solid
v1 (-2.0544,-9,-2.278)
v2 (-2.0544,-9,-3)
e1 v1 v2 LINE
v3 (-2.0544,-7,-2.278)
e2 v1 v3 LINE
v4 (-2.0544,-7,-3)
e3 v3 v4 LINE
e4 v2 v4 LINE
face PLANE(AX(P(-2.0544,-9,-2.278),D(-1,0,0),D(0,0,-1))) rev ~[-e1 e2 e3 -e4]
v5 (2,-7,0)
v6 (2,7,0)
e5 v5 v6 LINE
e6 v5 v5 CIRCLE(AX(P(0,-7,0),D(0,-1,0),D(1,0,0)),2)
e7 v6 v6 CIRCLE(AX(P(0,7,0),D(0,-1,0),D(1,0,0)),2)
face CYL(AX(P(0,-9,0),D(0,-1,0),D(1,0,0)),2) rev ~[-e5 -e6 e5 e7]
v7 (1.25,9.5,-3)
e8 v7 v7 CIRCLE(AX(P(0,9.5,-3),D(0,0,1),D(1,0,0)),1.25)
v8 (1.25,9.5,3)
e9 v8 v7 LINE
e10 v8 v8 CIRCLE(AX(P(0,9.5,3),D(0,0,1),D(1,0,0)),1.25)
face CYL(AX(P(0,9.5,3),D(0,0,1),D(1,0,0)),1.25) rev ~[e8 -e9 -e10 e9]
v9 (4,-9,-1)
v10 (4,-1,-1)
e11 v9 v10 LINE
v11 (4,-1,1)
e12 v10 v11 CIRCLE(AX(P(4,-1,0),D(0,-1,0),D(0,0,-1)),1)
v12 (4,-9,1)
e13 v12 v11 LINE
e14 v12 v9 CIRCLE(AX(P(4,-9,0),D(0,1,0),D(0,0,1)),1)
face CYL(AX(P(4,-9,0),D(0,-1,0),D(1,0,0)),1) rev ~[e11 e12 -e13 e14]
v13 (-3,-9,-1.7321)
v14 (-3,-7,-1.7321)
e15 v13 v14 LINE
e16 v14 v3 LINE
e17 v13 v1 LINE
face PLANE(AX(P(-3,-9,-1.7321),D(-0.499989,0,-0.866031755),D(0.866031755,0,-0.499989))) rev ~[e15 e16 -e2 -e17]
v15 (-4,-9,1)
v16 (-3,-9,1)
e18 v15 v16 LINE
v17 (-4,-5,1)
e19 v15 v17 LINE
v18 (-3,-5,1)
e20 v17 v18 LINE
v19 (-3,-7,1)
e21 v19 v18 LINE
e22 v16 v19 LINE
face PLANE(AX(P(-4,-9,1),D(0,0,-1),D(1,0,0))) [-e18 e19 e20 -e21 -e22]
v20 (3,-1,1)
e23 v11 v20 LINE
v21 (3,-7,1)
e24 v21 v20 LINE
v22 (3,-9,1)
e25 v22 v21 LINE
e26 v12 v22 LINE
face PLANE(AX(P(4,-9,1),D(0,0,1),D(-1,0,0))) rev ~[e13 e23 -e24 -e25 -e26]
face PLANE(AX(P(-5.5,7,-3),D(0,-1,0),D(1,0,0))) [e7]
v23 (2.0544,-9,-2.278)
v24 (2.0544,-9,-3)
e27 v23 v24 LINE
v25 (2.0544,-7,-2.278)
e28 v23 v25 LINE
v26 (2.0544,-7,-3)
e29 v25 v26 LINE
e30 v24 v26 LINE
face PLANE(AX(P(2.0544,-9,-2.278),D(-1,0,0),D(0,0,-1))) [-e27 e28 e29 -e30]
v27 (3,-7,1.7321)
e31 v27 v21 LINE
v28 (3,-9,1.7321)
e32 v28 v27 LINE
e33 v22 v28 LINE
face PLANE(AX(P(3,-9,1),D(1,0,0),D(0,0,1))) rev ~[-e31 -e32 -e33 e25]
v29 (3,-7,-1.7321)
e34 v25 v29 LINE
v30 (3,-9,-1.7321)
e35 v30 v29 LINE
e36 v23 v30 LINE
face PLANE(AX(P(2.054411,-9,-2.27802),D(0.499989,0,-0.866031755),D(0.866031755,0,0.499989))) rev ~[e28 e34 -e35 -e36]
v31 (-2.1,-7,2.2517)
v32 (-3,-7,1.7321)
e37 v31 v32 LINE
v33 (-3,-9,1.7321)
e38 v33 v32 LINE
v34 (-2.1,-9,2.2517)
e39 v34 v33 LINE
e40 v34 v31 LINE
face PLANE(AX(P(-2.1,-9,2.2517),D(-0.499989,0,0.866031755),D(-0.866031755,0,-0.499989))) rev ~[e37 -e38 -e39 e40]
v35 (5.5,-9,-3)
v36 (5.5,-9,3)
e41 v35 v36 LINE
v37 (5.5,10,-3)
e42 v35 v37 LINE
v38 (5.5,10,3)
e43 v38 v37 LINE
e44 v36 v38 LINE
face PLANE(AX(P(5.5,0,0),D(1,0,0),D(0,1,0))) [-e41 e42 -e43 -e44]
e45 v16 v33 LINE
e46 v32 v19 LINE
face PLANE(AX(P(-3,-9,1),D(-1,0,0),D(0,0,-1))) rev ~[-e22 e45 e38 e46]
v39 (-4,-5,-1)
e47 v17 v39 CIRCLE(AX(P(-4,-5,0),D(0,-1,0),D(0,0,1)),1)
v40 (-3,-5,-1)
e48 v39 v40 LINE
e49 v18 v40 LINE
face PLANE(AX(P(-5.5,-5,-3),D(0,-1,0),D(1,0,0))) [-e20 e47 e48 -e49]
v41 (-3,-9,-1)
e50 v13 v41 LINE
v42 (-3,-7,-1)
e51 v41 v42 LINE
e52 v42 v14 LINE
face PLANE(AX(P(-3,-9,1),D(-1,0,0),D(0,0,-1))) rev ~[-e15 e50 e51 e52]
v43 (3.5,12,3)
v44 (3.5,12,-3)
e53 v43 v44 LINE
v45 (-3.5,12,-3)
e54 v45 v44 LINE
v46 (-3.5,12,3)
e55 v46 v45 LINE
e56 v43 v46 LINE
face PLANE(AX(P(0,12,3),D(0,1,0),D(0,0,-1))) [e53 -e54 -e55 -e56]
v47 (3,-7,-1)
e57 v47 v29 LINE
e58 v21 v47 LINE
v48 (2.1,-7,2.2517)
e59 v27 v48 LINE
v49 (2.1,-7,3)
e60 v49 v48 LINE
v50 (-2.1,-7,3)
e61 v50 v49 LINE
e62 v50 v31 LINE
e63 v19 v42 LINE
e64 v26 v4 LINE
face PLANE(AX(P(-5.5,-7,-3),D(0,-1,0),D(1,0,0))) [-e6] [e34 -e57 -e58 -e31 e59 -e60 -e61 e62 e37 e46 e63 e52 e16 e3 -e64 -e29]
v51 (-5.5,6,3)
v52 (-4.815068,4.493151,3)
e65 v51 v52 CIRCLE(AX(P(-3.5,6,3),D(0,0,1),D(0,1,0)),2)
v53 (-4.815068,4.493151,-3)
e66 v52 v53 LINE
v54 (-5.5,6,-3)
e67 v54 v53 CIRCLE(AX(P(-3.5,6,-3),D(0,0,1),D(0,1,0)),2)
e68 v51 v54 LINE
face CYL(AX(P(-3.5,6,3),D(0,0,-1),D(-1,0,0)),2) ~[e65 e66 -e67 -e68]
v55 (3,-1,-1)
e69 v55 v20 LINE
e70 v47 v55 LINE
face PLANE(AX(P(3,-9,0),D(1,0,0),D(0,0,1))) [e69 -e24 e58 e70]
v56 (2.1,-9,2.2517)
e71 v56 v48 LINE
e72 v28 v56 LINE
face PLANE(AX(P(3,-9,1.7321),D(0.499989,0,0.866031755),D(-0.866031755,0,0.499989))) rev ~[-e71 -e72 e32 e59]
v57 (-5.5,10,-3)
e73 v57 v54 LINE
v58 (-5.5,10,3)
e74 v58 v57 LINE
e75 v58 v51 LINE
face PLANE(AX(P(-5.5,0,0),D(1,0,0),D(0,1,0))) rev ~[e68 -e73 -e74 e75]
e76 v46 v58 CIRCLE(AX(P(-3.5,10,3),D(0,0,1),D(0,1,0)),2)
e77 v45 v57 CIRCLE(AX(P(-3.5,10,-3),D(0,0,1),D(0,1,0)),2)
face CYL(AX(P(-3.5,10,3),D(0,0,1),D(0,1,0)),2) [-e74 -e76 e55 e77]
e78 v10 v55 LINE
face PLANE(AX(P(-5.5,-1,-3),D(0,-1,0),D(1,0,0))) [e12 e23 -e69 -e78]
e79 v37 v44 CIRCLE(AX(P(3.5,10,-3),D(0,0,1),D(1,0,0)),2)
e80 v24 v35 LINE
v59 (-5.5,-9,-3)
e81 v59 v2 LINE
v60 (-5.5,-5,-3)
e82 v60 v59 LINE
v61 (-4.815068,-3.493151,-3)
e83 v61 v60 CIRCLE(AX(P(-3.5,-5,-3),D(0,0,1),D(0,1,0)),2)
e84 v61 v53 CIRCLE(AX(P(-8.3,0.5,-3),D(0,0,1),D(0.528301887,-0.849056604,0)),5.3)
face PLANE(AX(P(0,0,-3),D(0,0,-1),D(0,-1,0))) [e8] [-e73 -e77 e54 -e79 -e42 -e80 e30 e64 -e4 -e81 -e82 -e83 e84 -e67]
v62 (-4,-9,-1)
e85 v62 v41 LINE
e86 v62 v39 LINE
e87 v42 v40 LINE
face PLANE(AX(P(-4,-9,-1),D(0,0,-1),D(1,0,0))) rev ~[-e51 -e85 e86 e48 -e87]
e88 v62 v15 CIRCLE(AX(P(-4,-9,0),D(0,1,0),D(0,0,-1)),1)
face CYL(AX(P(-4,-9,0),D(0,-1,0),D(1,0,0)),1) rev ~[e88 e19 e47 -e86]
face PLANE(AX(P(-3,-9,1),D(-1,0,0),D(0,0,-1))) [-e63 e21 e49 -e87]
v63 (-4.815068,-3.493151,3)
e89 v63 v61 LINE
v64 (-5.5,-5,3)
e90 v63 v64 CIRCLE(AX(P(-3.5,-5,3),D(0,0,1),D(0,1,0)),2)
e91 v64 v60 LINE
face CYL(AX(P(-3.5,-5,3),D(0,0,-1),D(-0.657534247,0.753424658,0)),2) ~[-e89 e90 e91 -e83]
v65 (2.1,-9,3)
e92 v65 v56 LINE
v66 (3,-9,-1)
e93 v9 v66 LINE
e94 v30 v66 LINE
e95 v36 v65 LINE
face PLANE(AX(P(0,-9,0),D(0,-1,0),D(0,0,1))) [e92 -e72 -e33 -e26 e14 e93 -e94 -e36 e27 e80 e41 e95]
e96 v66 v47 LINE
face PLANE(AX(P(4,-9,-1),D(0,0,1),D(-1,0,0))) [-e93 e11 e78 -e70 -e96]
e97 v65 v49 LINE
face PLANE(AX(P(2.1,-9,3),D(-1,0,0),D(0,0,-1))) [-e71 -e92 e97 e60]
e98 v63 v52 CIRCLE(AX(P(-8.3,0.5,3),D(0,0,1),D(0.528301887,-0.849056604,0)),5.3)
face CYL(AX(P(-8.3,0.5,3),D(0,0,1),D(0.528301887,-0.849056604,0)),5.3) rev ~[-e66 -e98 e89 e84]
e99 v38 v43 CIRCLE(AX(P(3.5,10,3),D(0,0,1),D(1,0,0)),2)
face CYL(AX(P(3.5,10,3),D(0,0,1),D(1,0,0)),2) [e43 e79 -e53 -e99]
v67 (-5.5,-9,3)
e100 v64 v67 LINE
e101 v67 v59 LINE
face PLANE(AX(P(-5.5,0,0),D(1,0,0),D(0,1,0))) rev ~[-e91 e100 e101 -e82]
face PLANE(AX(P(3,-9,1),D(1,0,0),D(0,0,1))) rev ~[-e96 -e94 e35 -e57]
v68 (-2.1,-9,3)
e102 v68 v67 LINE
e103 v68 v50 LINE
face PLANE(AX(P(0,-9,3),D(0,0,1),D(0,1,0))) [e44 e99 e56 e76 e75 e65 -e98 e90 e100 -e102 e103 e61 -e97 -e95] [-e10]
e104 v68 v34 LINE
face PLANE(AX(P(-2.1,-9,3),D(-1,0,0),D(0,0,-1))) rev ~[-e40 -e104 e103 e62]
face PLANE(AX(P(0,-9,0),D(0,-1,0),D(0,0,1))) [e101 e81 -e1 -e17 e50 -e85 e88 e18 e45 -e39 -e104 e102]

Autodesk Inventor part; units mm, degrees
ref_plane "plane_support" through (-5.5, -8, -3) normal (0, -1, 0) x (1, 0, 0)
ref_plane "YZ Plane" through (0, 0, 0) normal (1, 0, 0) x (0, 1, 0)
ref_plane "XZ Plane" through (0, 0, 0) normal (0, 1, 0) x (-1, 0, 0)
sketch "Sketch14" plane through (0, 0, 0) normal (1, 0, 0) x (0, 1, 0)
  line L0 (-13.2, 0) -> (16.2, 0) projected
  line L1 (0, -4.2) -> (0, 4.2) projected
  line L2 (9, -3) -> (-9, -3)
  line L3 (-9, -3) -> (-9, 3)
  line L4 (-9, 3) -> (9, 3)
  line L5 (9, 3) -> (9, -3) construction
  line L6 (9, -3) -> (-9, 3) construction
  line L7 (-9, -3) -> (9, 3) construction
  line L8 (5.5, 3) -> (5.5, -3) construction
  line L9 (-6.5, 3) -> (-6.5, -3) construction
  arc A0 (9, -3) -> (9, 3) centre (9, 0) ccw
  circle A1 centre (9, 0) radius 1.25
  circle A2 centre (9, 0) radius 3 construction
  line L10 (6, 3) -> (6, -3) construction
  line L11 (12, -3) -> (9, -3)
  line L12 (9, -3) -> (9, 3)
  line L13 (9, 3) -> (12, 3)
  line L14 (12, 3) -> (12, -3)
  line L15 (12, -3) -> (9, 3) construction
  line L16 (9, -3) -> (12, 3) construction
  point P0 (0, 0)
  point P1 (0, 0)
  point P2 (10.5, 0)
  dimension "d72" = 6
  dimension "d73" = 12
  dimension "d74" = 2.5
  dimension "d75" = 2.5
  dimension "d76" = 0.5
extrude "ext_main" add sketch "Sketch14" along normal mid plane 11
sketch "sk_channel_nut" plane through (-5.5, -9, -3) normal (0, -1, 0) x (1, 0, 0)
  line L0 (-2.2, 3) -> (13.2, 3) projected
  line L1 (5.5, -1.8497) -> (5.5, 7.8497) projected
  circle A0 centre (5.5, 3) radius 2
  line L2 (5.5, 6.4641) -> (2.5, 4.7321)
  line L3 (2.5, 4.7321) -> (2.5, 1.2679)
  line L4 (2.5, 1.2679) -> (5.5, -0.4641)
  line L5 (5.5, -0.4641) -> (8.5, 1.2679)
  line L6 (8.5, 1.2679) -> (8.5, 4.7321)
  line L7 (8.5, 4.7321) -> (5.5, 6.4641)
  circle A1 centre (1.5, 3) radius 1
  circle A2 centre (9.5, 3) radius 1
  line L8 (1.5, 4) -> (2.5, 4)
  line L9 (1.5, 2) -> (2.5, 2)
  line L10 (9.5, 4) -> (8.5, 4)
  line L11 (9.5, 2) -> (8.5, 2)
  line L12 (11, 0) -> (0, 0) projected
  line L13 (11, 6) -> (0, 6) projected
  line L14 (0, 0) -> (0, 6) projected
  line L15 (3.4, 6) -> (3.4, 5.2517)
  line L16 (3.4456, 0.722) -> (3.4456, 0)
  line L17 (7.5544, 0.722) -> (7.5544, 0)
  line L18 (7.6, 6) -> (7.6, 5.2517)
  point P0 (5.5, 3)
  point P1 (2.5, 3)
  dimension "d85" = 4
  dimension "d86" = 120
  dimension "d87" = 6
  dimension "d88" = 2
  dimension "d95" = 4.2
extrude "ext_cut_bottomscrews" cut sketch "sk_channel_nut" against normal blind 8 contours A2 L0 | A2 L11 L6 | L6 L10 A2 | L0 A2
extrude "ext_cut_bottom_nut" cut sketch "sk_channel_nut" against normal blind 2 contours L3 L2 L13 L1 A0 L0 | L0 A0 L1 L12 L4 L3 | L16 L4 L12 | L13 L2 L15 | A0 L1 L0 | L0 L1 A0 | L12 L1 L4 | L2 L1 L13 | L1 A0 L0 | L0 A0 L1 | L1 L13 L7 L6 L0 A0 | A0 L0 L6 L5 L12 L1 | L1 L12 L5 | L7 L13 L1 | L5 L17 L12 | L13 L18 L7
sketch "Sketch21" plane through (-5.5, 12, 3) normal (0, 0, 1) x (1, 0, 0)
  line L0 (11, 0) -> (11, -21) projected
  line L1 (0, 0) -> (11, 0) projected
  line L2 (0, -21) -> (0, 0) projected
  line L3 (3.4, -19) -> (7.6, -19) projected
  line L4 (5.5, 0) -> (5.5, -2.5815) construction
  arc A0 (2, 0) -> (0, -2) centre (2, -2) ccw
  arc A1 (11, -2) -> (9, 0) centre (9, -2) ccw
  circle A2 centre (5.5, -2.5) radius 1.25
  point P0 (5.5, -12)
  point P1 (5.5, -1.25)
  dimension "d106" = 2.5
  dimension "d105" = 2
  dimension "d107" = 1.25
extrude "ext_cut_fronthole" cut sketch "Sketch21" against normal through all
extrude "ext_cut_channel" cut sketch "sk_channel_nut" against normal blind 16 contours A0 L1 L0 | L0 L1 A0 | L1 A0 L0 | L0 A0 L1
extrude "ext_cut_shortscrew" cut sketch "sk_channel_nut" against normal blind 4 contours A1 L0 | L0 A1 | A1 L8 L3 | L3 L9 A1
sketch "Sketch22" plane through (-2.1, -7, 3) normal (0, 0, 1) x (1, 0, 0)
  line L0 (-3.4, -2) -> (-3.4, 17) projected
  line L1 (0, -2) -> (-3.4, -2) projected
  line L2 (-3.4, 12) -> (-3.4, 3)
  arc A0 (-3.4, 3) -> (-3.4, 12) centre (-6.2, 7.5) ccw
  line L3 (-3.4, 7.5) -> (-0.9, 7.5) construction
  point P0 (2.1, 7)
  dimension "d112" = 5
  dimension "d113" = 9
  dimension "d119" = 2.5
extrude "ext_cut_cutway" cut sketch "Sketch22" against normal through all
fillet "Fillet1" radius 2 2 edges at (-5.5, 5, 0) (-5.5, -4, 0)
sketch "Sketch19" plane through (-5.5, -8, -3) normal (0, -1, 0) x (1, 0, 0)
  line L0 (3.4, 6) -> (7.6, 6) projected
  line L1 (3.4, 5.2517) -> (3.4, 6) projected
  line L2 (2.5, 4.7321) -> (3.4, 5.2517) projected
  line L3 (2.5, 1.2679) -> (2.5, 2) projected
  line L4 (3.4456, 0.722) -> (2.5, 1.2679) projected
  line L5 (3.4456, 0) -> (3.4456, 0.722) projected
  line L6 (7.5544, 0) -> (3.4456, 0) projected
  line L7 (7.5544, 0.722) -> (7.5544, 0) projected
  line L8 (8.5, 1.2679) -> (7.5544, 0.722) projected
  line L9 (8.5, 2) -> (8.5, 1.2679) projected
  line L10 (8.5, 4) -> (8.5, 2) projected
  line L11 (8.5, 4.7321) -> (8.5, 4) projected
  line L12 (7.6, 5.2517) -> (8.5, 4.7321) projected
  line L13 (7.6, 6) -> (7.6, 5.2517) projected
  circle A0 centre (5.5, 3) radius 2 projected
  line L14 (3.8, 5.675) -> (7.275, 5.675) construction
  line L15 (7.275, 5.675) -> (7.275, 5.064)
  line L16 (7.275, 5.064) -> (8.175, 4.5444)
  line L17 (8.175, 4.5444) -> (8.175, 4)
  line L18 (8.175, 4) -> (8.175, 2)
  line L19 (8.175, 2) -> (8.175, 1.4556)
  line L20 (8.175, 1.4556) -> (7.2294, 0.9097)
  line L21 (7.2294, 0.9097) -> (7.2294, 0.325)
  line L22 (7.2294, 0.325) -> (3.7706, 0.325) construction
  line L23 (3.7706, 0.325) -> (3.7706, 0.9097)
  line L24 (3.7706, 0.9097) -> (2.9, 1.4123)
  line L25 (2.9, 1.4123) -> (2.9, 2)
  line L26 (2.9, 2) -> (2.9, 4)
  line L27 (2.9, 4) -> (2.9, 4.5011)
  line L28 (2.9, 4.5011) -> (3.8, 5.0207)
  line L29 (3.8, 5.0207) -> (3.8, 5.675)
  line L30 (3.8, 5.675) -> (7.275, 5.675)
  line L31 (7.275, 5.675) -> (7.275, 6)
  line L32 (7.275, 6) -> (3.8, 6)
  line L33 (3.8, 6) -> (3.8, 5.675)
  line L34 (3.7706, 0.325) -> (7.2294, 0.325)
  line L35 (7.2294, 0.325) -> (7.2294, 0)
  line L36 (7.2294, 0) -> (3.7706, 0)
  line L37 (3.7706, 0) -> (3.7706, 0.325)
  line L38 (2.5, 2) -> (2.5, 4) projected
  line L39 (2.5, 4) -> (2.5, 4.7321) projected
  point P0 (5.5, 3)
  dimension "d97" = 0.4
equation "\"d73\" = linact_rod_effective_length"
equation "\"d74\" = nut_m3_thickness_max"
equation "\"d75\" = screw_m2_bore_loose"
equation "\"d87\" = nut_m3_width_acrossflats"
equation "\"d88\" = screw_m2_bore_selfthreading"
equation "\"d95\" = 0.7 * nut_m3_width_acrossflats"
equation "\"d93\" = 0.8 * nut_m3_thickness_max"
equation "\"d106\" = screw_m2_bore_loose"
equation "\"d107\" = 0.5 * screw_m2_bore_loose"
equation "\"d97\" = print_support_z_clearance"
equation "\"d96\" = print_support_xy_clearance"
equation "\"linact_rod_effective_length\" = 12"
equation "\"nut_m3_thickness_max\" = 2.5"
equation "\"screw_m2_bore_loose\" = 2.5"
equation "\"nut_m3_width_acrossflats\" = 6"
equation "\"screw_m2_bore_selfthreading\" = 2"
equation "\"print_support_z_clearance\" = 0.4"
equation "\"print_support_xy_clearance\" = 1"
properties part number "empty"
